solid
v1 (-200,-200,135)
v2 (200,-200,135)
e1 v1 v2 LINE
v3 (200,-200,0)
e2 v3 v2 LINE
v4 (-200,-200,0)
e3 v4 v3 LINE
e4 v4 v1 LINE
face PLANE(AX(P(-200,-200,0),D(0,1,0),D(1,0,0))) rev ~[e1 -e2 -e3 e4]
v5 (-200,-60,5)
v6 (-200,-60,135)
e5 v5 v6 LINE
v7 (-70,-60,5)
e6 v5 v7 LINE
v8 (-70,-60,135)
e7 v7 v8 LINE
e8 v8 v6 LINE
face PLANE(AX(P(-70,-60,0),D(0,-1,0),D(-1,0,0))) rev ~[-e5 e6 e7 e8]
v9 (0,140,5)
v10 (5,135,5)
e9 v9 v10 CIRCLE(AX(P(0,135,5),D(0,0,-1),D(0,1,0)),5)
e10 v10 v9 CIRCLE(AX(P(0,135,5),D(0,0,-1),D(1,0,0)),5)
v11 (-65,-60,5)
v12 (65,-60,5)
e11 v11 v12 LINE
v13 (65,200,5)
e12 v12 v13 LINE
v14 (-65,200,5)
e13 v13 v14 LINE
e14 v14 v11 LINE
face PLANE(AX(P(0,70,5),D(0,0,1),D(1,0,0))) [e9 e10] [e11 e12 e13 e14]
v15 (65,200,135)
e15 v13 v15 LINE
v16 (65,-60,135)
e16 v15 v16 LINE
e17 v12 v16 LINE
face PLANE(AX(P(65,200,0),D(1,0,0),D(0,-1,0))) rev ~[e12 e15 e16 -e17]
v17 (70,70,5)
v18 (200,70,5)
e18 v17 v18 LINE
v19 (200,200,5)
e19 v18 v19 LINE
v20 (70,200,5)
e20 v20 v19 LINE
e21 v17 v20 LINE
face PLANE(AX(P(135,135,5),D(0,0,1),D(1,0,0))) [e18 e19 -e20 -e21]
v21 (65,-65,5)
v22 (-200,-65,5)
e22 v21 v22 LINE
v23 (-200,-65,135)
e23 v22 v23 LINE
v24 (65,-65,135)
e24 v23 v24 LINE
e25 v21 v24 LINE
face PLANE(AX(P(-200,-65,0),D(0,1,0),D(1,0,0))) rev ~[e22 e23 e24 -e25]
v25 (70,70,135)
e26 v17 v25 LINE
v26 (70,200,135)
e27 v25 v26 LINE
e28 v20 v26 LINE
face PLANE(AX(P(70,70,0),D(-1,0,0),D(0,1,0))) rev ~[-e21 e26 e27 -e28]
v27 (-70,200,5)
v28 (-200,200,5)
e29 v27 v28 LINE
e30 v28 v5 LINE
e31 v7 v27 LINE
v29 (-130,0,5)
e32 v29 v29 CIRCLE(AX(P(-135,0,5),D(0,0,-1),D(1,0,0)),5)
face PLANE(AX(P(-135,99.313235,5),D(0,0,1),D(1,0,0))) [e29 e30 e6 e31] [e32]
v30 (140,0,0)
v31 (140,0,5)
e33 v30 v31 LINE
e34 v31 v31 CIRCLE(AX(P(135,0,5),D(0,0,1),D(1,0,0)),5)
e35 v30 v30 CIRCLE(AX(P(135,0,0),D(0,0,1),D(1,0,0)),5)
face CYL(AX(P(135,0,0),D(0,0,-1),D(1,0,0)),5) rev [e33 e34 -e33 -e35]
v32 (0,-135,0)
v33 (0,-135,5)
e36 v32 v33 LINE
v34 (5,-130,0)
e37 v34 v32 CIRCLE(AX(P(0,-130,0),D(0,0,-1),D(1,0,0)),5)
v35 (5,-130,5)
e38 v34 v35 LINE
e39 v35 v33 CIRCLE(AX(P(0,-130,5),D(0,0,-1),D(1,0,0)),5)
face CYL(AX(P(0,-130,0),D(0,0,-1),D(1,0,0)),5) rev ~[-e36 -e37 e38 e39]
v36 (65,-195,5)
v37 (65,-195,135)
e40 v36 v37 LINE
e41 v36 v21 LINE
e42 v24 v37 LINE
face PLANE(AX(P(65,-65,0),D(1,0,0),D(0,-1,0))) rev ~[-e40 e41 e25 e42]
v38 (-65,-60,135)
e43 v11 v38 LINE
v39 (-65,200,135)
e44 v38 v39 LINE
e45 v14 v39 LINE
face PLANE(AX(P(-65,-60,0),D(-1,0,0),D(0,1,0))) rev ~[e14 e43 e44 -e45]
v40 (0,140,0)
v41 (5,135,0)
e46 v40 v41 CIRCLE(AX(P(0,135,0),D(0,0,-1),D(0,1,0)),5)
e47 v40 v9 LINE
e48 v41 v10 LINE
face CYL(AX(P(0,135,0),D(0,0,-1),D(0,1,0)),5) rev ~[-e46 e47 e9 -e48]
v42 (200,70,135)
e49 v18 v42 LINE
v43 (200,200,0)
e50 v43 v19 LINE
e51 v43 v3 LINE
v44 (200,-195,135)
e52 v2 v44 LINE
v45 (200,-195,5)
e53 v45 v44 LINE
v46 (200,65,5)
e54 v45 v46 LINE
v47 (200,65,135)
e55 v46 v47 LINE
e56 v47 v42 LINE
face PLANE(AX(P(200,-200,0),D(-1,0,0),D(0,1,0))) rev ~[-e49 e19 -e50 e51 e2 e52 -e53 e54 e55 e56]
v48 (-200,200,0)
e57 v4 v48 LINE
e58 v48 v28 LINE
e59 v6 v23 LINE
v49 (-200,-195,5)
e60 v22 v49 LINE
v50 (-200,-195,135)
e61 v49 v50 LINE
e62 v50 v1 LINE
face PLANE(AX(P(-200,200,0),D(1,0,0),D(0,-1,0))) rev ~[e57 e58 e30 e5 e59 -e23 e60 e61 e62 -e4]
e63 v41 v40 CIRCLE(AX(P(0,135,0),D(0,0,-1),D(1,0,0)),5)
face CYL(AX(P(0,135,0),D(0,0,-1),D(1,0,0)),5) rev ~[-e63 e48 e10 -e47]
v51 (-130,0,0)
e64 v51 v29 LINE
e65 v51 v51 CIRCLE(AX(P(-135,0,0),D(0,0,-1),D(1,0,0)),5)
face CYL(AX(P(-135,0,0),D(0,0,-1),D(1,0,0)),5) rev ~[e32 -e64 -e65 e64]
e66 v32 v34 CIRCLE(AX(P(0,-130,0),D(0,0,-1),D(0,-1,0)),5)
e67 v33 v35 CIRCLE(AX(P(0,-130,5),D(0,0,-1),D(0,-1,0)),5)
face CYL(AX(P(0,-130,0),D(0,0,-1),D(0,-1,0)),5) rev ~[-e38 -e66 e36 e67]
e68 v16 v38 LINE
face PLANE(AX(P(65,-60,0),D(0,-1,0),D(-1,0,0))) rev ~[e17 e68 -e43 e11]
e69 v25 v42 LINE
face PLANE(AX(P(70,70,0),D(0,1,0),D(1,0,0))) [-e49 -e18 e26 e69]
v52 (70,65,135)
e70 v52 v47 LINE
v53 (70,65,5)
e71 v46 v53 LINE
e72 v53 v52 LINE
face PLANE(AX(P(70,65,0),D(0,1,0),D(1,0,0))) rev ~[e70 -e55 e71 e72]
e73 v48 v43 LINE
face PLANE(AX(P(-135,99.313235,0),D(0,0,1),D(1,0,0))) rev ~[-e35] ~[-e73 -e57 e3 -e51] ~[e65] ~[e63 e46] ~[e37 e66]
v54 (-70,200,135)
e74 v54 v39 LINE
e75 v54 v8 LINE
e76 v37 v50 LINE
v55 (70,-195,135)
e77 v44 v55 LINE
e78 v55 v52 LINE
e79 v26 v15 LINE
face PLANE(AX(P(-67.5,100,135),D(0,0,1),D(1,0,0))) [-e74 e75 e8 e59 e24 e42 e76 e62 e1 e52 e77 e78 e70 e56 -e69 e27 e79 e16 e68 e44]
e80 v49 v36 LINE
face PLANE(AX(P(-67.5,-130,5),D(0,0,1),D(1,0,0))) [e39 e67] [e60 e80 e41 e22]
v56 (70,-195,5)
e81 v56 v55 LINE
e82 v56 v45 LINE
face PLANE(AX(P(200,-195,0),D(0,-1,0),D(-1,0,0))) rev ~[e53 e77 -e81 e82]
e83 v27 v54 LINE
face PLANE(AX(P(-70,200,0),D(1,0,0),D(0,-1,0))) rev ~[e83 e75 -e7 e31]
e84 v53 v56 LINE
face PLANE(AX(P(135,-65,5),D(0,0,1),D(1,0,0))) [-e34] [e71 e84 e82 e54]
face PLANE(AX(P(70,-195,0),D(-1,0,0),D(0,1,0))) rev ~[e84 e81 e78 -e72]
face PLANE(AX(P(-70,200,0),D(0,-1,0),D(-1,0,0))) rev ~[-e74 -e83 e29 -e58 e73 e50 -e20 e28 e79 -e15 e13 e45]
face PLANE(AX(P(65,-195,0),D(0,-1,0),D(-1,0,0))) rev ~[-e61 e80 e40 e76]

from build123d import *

# Parameters (mm, degrees)
F0_W     = 5
F0_H     = 200
F0_H_2   = 60
F0_W_2   = 130
F0_H_3   = 5
F1_DEPTH = 135
F0_R     = 5
F0_H_4   = 130
F2_DEPTH = 5


with BuildPart() as f1:
    # F0 (on Top) → F1 (new body)
    with BuildSketch(Plane.XY):
        with Locations((-67.5, 100)):
            Rectangle(F0_W, F0_H)
        with Locations((-67.5, -30)):
            Rectangle(F0_W, F0_H_2)
        Polygon((-65, -60), (-70, -60), (-200, -60), (-200, -65), (65, -65), (65, -60), align=None)
        Polygon((0, -195), (-200, -195), (-200, -200), (200, -200), (200, -195), (70, -195), (65, -195), align=None)
        Polygon((65, 200), (65, -60), (65, -65), (65, -195), (70, -195), (70, 65), (70, 70), (70, 200), align=None)
        with Locations((135, 67.5)):
            Rectangle(F0_W_2, F0_H_3)
    extrude(amount=F1_DEPTH)

    # F0 (on Top) → F2 (join)
    with BuildSketch(Plane.XY):
        with BuildLine():
            ThreePointArc((-140, 0), (-135, 5), (-130, 0))
            Line((-130, 0), (-70, 0))
            Line((-70, 0), (-70, 200))
            Line((-70, 200), (-200, 200))
            Line((-200, 200), (-200, 0))
            Line((-200, 0), (-140, 0))
        make_face()
        with BuildLine():
            Line((-70, 0), (-130, 0))
            ThreePointArc((-130, 0), (-135, -5), (-140, 0))
            Line((-140, 0), (-200, 0))
            Line((-200, 0), (-200, -60))
            Line((-200, -60), (-70, -60))
            Line((-70, -60), (-70, 0))
        make_face()
        Polygon((65, -65), (-200, -65), (-200, -195), (0, -195), (65, -195), align=None)
        with BuildLine():
            ThreePointArc((5, -130), (3.5355339059, -133.5355339059), (0, -135))
            ThreePointArc((0, -135), (-3.5355339059, -126.4644660941), (5, -130))
        make_face(mode=Mode.SUBTRACT)
        Polygon((-65, 200), (-65, 0), (-65, -60), (65, -60), (65, 200), (0, 200), align=None)
        with BuildLine():
            ThreePointArc((5, 135), (-3.5355339059, 131.4644660941), (0, 140))
            ThreePointArc((0, 140), (3.5355339059, 138.5355339059), (5, 135))
        make_face(mode=Mode.SUBTRACT)
        Polygon((70, 65), (70, -195), (200, -195), (200, -65), (200, -60), (200, 0), (200, 65), align=None)
        with Locations((135, 0)):
            Circle(F0_R, mode=Mode.SUBTRACT)
        with Locations((135, 135)):
            Rectangle(F0_W_2, F0_H_4)
    extrude(amount=F2_DEPTH)


solid = f1.part
